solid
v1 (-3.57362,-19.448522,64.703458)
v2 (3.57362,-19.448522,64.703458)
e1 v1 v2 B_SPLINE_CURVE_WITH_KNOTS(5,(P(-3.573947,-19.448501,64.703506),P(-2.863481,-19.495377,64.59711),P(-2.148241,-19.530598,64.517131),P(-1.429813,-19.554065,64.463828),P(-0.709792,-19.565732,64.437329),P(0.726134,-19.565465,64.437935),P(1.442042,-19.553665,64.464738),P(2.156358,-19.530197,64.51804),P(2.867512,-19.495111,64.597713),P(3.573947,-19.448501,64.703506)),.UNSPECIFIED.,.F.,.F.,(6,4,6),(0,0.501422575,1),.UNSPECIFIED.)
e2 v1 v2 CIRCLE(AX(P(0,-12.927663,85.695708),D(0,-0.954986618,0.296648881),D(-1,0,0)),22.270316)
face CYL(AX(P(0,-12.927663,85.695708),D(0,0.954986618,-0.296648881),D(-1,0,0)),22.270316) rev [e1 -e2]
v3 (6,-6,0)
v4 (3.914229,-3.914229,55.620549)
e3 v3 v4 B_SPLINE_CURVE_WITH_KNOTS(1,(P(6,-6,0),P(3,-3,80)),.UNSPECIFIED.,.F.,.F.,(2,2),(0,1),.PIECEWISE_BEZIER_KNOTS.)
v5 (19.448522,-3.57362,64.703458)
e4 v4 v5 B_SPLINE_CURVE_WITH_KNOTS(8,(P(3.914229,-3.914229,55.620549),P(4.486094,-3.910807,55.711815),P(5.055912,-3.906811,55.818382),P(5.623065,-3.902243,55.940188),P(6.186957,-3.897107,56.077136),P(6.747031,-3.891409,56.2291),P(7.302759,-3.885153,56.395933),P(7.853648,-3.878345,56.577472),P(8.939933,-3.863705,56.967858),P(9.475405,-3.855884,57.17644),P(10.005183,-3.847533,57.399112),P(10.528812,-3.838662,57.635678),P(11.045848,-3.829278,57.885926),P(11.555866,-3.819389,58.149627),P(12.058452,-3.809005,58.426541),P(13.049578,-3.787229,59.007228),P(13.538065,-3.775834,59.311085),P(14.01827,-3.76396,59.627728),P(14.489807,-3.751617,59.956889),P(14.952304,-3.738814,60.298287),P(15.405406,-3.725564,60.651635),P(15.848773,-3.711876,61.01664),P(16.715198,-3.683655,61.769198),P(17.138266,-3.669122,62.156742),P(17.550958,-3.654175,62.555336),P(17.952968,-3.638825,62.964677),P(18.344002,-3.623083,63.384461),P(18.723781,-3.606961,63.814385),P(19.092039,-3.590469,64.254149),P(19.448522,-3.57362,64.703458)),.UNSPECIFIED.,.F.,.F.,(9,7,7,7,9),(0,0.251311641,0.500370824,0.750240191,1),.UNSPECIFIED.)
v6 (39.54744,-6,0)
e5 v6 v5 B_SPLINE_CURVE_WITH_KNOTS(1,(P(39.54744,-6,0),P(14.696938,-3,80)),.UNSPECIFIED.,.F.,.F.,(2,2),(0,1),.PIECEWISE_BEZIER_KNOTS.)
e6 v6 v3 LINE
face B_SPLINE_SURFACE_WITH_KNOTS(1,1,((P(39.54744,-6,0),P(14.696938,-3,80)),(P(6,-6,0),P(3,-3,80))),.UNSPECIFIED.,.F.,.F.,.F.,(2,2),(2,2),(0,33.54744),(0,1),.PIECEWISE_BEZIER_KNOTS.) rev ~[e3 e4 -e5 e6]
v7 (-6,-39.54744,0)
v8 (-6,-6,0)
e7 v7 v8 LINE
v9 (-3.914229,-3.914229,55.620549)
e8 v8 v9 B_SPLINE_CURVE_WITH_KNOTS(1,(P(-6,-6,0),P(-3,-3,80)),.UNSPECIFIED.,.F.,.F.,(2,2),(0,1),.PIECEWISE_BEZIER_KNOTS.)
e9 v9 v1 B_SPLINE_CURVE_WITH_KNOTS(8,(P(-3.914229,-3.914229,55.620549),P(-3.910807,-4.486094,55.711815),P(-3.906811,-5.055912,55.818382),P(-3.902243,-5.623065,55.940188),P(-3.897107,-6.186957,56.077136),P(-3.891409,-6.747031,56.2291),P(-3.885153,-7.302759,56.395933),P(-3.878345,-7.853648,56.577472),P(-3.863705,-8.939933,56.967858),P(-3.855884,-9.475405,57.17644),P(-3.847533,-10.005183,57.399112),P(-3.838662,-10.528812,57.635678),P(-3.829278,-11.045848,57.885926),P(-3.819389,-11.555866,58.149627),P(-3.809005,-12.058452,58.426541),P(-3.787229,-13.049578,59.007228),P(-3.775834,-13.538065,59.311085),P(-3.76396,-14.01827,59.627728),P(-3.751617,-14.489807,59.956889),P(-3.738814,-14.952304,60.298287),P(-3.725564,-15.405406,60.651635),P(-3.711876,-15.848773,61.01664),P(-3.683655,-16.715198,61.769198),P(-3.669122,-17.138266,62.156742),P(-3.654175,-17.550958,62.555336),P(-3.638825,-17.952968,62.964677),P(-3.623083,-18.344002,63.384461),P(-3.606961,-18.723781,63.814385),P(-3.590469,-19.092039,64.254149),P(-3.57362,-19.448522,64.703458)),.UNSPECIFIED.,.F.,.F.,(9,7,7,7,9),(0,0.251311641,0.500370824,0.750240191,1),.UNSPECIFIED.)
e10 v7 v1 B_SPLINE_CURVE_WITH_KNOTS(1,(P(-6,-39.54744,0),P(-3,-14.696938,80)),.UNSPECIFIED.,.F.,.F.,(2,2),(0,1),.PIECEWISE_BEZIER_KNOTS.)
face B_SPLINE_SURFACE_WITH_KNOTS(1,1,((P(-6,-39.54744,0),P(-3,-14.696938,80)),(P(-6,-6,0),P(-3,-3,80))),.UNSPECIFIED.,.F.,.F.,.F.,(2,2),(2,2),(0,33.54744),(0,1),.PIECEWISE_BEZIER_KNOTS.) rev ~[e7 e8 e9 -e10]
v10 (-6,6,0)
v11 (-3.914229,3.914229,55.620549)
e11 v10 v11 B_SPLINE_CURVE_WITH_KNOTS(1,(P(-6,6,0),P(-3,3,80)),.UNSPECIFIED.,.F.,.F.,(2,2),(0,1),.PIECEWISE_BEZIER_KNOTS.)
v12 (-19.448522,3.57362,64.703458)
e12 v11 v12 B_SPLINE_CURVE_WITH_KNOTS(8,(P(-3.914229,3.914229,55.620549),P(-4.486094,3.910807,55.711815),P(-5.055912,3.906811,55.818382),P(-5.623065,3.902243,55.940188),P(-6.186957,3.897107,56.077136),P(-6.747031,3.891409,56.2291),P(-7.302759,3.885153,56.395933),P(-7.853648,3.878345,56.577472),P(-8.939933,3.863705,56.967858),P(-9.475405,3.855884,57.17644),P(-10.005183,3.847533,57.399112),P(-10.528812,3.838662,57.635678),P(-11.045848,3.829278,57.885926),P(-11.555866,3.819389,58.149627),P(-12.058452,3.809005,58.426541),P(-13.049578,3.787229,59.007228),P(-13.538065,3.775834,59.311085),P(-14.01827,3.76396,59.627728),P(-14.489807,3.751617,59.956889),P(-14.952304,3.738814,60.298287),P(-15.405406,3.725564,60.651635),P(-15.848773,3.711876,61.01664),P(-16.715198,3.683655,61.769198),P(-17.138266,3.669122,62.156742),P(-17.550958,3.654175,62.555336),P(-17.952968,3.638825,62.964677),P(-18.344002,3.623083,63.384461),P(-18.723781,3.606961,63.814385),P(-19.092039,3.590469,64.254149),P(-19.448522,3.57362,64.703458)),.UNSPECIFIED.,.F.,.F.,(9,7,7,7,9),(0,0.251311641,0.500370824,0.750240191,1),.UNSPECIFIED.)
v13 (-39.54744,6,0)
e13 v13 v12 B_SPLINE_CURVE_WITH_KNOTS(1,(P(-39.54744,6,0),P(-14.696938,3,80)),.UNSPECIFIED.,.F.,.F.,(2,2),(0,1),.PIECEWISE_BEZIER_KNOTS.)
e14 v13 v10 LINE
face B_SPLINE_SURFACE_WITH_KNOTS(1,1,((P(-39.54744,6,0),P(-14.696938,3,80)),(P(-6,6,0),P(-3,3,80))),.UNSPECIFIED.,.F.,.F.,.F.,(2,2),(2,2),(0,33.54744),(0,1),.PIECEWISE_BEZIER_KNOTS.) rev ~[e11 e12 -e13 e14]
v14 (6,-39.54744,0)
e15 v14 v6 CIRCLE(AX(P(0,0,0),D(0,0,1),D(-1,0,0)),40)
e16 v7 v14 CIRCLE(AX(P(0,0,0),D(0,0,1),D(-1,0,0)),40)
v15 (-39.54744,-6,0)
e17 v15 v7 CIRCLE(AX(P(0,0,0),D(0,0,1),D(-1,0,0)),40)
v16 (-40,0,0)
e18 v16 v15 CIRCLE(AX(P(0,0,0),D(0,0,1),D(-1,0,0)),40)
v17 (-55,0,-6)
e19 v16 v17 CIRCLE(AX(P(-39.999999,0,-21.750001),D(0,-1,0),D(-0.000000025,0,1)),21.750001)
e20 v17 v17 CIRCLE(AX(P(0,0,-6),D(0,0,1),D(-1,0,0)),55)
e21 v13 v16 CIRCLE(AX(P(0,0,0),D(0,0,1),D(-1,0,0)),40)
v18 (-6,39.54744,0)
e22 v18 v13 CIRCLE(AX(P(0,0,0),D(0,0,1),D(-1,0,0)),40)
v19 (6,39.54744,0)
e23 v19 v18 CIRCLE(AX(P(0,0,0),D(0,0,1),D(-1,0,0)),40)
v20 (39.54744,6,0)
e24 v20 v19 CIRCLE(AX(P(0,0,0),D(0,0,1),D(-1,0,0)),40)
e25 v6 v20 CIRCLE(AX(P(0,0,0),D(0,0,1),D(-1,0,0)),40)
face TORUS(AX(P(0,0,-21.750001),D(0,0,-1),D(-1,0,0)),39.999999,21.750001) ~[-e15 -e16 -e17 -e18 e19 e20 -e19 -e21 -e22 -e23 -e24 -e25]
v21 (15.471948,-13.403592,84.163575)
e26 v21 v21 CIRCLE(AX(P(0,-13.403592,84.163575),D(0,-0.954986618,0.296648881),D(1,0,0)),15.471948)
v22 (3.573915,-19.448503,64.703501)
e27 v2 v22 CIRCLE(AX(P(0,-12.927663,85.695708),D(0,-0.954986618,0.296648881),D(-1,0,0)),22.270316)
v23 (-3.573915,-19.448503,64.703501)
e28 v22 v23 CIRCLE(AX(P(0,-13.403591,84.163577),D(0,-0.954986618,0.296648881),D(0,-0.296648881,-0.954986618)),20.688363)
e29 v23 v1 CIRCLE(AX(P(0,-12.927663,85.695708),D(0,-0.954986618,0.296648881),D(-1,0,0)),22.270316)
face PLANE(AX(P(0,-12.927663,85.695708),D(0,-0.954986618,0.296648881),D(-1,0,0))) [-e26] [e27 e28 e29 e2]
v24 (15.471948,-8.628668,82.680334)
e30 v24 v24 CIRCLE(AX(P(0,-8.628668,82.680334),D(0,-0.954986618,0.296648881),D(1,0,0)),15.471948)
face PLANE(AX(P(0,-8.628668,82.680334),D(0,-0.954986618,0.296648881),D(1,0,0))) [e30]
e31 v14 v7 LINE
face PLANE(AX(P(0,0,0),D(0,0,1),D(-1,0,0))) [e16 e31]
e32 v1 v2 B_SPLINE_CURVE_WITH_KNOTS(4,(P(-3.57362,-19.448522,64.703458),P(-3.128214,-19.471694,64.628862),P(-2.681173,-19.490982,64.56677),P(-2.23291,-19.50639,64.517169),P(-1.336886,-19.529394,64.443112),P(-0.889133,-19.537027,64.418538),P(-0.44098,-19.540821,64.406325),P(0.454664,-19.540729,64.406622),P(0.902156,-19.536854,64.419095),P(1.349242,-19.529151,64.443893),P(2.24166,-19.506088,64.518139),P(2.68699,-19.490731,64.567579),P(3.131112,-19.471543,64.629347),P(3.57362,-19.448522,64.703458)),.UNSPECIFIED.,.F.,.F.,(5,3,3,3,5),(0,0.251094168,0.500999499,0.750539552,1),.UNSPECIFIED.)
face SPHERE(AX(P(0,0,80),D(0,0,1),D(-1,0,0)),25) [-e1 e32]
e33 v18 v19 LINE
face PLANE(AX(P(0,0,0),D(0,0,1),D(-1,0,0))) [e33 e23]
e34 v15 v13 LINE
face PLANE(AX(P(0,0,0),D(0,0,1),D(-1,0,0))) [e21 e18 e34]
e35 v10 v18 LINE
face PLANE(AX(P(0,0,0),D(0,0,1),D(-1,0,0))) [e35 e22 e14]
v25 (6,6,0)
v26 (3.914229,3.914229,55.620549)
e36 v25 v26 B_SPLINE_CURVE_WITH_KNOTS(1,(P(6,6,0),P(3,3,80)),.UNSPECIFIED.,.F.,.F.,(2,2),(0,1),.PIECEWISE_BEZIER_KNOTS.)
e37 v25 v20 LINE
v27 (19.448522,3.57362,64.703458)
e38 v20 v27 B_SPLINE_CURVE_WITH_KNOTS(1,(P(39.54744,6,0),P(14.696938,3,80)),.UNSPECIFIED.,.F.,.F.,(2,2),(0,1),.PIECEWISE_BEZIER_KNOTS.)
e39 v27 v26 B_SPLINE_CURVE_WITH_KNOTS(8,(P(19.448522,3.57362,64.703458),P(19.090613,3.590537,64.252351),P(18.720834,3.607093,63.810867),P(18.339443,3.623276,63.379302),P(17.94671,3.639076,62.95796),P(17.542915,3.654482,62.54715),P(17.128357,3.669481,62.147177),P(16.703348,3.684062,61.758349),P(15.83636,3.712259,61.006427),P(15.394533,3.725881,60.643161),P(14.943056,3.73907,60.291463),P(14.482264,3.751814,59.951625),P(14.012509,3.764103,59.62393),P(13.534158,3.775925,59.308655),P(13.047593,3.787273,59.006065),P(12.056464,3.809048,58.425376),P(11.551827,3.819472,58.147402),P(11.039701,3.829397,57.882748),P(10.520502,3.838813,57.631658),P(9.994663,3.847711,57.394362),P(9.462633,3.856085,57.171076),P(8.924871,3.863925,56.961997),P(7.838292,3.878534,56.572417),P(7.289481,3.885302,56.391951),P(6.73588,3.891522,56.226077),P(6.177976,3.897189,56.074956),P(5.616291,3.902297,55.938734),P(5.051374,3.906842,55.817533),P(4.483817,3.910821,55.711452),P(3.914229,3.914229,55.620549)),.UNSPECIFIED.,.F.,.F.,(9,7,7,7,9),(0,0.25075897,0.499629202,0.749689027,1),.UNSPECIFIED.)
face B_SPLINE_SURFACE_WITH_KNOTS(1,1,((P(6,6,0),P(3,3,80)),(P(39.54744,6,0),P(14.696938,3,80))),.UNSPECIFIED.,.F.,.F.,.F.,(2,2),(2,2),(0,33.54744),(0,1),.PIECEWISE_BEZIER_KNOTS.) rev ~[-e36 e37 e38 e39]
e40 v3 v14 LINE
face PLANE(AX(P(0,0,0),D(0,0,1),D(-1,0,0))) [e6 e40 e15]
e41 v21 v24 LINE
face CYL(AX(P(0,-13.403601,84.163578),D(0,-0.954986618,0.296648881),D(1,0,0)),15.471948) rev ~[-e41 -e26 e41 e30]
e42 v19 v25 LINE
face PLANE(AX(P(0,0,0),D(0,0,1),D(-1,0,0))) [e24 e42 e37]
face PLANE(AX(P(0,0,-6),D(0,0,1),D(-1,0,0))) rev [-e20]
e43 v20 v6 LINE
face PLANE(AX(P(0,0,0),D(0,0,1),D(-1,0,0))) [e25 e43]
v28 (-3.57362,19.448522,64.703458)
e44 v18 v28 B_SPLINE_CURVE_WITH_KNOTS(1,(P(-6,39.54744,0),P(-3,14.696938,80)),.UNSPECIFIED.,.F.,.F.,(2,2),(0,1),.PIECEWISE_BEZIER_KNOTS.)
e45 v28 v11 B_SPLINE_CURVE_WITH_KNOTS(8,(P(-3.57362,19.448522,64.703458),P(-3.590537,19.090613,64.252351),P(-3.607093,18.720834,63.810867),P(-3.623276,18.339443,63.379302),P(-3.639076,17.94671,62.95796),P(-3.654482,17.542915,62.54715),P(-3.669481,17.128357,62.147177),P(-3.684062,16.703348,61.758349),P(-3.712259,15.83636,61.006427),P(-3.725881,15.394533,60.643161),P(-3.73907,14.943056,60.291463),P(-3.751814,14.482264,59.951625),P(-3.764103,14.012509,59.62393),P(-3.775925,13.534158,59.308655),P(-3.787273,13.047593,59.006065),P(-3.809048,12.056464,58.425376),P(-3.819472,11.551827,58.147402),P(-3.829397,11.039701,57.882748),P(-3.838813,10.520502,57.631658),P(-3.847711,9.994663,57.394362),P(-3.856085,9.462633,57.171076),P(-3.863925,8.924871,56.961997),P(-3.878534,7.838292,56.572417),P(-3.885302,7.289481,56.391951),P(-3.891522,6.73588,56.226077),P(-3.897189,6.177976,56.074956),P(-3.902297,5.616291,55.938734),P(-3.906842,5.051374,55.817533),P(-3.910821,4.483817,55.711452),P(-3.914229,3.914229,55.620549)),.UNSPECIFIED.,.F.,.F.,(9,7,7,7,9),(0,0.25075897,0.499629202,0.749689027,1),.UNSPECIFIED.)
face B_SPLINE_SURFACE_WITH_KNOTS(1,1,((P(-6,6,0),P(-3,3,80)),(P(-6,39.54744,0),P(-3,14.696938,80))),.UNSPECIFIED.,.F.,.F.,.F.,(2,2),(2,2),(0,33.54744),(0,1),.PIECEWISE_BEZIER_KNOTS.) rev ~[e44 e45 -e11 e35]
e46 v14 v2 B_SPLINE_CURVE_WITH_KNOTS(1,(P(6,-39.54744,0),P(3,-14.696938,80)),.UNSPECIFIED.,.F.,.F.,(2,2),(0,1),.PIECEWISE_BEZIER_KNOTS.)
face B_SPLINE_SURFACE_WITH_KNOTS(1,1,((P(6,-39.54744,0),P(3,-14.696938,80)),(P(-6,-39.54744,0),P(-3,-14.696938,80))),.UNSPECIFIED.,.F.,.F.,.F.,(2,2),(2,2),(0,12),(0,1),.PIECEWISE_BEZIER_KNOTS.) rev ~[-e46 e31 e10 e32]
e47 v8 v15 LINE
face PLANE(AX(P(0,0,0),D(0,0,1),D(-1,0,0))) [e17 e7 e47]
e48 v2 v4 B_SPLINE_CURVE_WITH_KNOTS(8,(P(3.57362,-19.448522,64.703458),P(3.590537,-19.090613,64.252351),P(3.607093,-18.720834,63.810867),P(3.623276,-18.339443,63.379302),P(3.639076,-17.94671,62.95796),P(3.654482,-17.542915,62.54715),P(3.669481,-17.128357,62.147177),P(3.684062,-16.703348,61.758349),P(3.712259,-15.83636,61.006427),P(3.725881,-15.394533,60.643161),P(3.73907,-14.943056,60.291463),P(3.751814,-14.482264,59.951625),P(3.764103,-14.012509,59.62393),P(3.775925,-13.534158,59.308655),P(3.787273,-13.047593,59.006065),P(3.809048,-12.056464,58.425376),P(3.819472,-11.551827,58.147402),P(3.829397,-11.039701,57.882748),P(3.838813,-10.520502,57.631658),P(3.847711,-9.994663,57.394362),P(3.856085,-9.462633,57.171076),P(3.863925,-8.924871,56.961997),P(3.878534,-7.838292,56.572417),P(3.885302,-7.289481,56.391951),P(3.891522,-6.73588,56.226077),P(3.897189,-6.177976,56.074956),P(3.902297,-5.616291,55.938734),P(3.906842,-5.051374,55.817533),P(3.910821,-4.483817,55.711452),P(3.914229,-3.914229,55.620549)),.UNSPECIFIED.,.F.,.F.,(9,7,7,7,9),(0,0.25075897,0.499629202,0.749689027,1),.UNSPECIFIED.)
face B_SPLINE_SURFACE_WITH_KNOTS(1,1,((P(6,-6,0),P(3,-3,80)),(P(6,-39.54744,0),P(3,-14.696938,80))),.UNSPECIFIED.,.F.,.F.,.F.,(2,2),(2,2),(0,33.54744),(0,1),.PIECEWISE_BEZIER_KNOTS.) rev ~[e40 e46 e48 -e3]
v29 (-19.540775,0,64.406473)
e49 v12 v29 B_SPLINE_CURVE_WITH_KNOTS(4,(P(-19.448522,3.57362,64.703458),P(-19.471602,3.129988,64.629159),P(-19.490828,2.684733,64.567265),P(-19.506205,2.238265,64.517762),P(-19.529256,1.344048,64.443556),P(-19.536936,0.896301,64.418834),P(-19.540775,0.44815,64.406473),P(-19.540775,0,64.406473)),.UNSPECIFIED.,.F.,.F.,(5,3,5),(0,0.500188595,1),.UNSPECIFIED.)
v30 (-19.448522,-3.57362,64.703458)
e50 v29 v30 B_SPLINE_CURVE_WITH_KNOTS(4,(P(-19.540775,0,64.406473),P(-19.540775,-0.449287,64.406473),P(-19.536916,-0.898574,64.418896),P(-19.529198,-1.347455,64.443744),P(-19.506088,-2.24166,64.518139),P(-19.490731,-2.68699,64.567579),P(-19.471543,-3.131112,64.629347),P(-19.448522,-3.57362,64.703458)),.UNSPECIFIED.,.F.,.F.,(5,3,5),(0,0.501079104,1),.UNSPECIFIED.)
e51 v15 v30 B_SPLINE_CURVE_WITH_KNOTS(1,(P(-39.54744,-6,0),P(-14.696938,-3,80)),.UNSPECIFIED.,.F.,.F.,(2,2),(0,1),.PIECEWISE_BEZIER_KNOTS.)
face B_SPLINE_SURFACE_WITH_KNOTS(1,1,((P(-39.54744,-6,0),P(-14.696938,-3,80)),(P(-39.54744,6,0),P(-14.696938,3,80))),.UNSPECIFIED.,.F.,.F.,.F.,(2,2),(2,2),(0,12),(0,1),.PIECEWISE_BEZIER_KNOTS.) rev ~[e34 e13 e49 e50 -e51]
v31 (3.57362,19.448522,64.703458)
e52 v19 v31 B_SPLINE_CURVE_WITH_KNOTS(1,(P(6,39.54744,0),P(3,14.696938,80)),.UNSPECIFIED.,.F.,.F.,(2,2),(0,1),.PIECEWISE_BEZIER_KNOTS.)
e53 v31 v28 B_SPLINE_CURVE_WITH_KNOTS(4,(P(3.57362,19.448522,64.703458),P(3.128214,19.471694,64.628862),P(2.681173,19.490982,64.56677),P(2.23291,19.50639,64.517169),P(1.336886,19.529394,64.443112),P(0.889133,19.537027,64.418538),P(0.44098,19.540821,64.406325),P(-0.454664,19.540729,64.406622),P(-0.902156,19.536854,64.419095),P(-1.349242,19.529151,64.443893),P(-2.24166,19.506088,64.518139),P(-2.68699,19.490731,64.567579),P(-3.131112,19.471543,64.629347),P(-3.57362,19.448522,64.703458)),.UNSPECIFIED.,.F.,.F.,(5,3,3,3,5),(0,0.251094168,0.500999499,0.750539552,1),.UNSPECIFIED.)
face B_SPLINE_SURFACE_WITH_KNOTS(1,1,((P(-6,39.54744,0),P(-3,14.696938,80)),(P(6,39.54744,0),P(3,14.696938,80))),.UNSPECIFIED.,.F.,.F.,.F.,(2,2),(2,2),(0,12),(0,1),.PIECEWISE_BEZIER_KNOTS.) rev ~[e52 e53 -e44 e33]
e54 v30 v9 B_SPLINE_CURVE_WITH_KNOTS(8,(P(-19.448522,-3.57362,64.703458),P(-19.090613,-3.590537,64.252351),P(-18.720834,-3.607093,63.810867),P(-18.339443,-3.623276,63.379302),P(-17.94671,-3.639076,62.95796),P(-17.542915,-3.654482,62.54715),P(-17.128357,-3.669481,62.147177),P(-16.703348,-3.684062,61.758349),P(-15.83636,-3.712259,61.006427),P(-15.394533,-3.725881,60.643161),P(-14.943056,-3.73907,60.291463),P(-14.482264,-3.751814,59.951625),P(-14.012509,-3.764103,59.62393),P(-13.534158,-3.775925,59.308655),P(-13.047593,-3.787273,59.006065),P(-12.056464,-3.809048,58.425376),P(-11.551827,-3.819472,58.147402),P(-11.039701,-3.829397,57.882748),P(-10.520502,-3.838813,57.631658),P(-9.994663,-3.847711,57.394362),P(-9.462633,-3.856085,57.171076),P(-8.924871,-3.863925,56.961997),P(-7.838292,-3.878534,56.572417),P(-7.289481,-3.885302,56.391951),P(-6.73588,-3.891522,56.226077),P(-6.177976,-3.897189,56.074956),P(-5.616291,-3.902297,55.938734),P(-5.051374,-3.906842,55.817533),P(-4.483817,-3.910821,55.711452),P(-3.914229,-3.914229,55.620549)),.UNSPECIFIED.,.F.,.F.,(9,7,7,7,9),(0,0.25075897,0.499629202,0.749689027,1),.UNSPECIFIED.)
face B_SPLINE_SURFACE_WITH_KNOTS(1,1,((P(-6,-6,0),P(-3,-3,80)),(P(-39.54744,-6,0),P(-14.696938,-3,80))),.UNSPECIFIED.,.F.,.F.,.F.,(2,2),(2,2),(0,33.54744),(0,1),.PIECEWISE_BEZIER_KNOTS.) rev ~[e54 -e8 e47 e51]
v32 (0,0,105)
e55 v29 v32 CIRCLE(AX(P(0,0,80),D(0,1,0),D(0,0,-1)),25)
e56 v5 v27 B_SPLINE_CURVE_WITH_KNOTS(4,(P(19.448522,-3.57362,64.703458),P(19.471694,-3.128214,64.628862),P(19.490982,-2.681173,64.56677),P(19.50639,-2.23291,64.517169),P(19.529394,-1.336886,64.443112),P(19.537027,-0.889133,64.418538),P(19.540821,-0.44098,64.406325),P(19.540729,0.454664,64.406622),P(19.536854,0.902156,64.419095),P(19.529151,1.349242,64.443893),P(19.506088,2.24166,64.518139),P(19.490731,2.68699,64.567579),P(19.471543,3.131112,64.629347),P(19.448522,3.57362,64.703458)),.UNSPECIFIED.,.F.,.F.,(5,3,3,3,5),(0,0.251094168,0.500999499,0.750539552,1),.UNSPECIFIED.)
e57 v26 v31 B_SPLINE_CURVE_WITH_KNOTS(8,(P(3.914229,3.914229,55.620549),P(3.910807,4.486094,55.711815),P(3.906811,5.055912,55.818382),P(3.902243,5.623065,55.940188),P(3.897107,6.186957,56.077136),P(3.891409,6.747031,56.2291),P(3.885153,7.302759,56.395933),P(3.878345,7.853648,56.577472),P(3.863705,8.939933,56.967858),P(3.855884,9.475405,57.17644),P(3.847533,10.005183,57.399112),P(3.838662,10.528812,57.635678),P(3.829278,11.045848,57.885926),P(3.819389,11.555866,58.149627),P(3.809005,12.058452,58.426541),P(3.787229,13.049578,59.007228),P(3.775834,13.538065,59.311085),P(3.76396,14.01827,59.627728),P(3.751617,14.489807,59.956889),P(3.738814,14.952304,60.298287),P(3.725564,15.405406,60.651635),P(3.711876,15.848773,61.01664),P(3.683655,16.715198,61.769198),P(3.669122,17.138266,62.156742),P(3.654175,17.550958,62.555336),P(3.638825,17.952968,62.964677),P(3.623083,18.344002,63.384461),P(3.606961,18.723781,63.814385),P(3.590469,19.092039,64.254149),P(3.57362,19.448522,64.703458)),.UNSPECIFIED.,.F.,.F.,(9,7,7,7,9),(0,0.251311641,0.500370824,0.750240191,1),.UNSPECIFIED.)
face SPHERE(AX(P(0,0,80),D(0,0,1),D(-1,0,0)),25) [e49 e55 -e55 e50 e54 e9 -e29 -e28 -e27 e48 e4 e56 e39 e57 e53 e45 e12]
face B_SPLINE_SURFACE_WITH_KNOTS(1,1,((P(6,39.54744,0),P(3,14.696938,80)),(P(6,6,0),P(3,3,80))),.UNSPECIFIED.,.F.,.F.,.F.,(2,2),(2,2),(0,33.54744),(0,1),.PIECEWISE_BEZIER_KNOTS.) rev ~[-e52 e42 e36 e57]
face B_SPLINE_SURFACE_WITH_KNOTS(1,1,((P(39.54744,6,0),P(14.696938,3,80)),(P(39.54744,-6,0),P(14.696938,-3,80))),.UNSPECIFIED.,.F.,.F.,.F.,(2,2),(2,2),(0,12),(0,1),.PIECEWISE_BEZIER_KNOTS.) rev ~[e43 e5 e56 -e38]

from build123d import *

# Parameters (mm, degrees)
SKETCH004_R     = 22.270316
POCKET_DEPTH    = 45.906105
SKETCH005_R     = 15.471948
POCKET001_DEPTH = 5


with BuildPart() as part:
    # Sketch001 → Revolution (revolve)
    with BuildSketch(Plane.XZ):
        with BuildLine():
            Line((0, -6), (-40, -6))
            Line((-40, -6), (-55, -6))
            ThreePointArc((-40, 0), (-48.077747, -1.555632), (-55, -6))
            Line((-40, 0), (0, 0))
            Line((0, -6), (0, 0))
        make_face()
    revolve(axis=Axis((0, 0, 0), (0, 0, 1)))

    # Sketch003 (on Face2 of Revolution) → AdditiveLoft section 0
    with BuildSketch(Plane(origin=(0, 0, 0), x_dir=(-1, 0, 0), z_dir=(0, 0, 1))):
        Polygon((-6, 39.54744), (6, 39.54744), (6, 6), (39.54744, 6), (39.54744, -6), (6, -6), (6, -39.54744), (-6, -39.54744), (-6, -6), (-39.54744, -6), (-39.54744, 6), (-6, 6), align=None)
    # Sketch002 (on Face2 of Revolution) → AdditiveLoft section 1
    with BuildSketch(Plane(origin=(0, 0, 80), x_dir=(-1, 0, 0), z_dir=(0, 0, 1))):
        Polygon((-3, 14.696938), (3, 14.696938), (3, 3), (14.696938, 3), (14.696938, -3), (3, -3), (3, -14.696938), (-3, -14.696938), (-3, -3), (-14.696938, -3), (-14.696938, 3), (-3, 3), align=None)
    loft()

    # Sphere → Sphere (revolve)
    with BuildSketch(Plane(origin=(0, 0, 80), x_dir=(-1, 0, 0), z_dir=(0, 1, 0))):
        with BuildLine():
            ThreePointArc((0, -25), (25, 0), (0, 25))
            Line((0, 25), (0, -25))
        make_face()
    revolve(axis=Axis((0, 0, 80), (0, 0, 1)))

    # Sketch004 (on DatumPlane) → Pocket (cut, through all)
    with BuildSketch(Plane(origin=(0, -30.371881, 29.538427), x_dir=(-1, 0, 0), z_dir=(0, -0.954987, 0.296649))):
        with Locations((0, -58.80426)):
            Circle(SKETCH004_R)
    extrude(amount=POCKET_DEPTH, mode=Mode.SUBTRACT)

    # Sketch005 (on Face25 of Pocket) → Pocket001 (cut)
    with BuildSketch(Plane(origin=(0, -13.403601, 84.163578), x_dir=(1, 0, 0), z_dir=(0, -0.954987, 0.296649))):
        Circle(SKETCH005_R)
    extrude(amount=-POCKET001_DEPTH, mode=Mode.SUBTRACT)


solid = part.part
